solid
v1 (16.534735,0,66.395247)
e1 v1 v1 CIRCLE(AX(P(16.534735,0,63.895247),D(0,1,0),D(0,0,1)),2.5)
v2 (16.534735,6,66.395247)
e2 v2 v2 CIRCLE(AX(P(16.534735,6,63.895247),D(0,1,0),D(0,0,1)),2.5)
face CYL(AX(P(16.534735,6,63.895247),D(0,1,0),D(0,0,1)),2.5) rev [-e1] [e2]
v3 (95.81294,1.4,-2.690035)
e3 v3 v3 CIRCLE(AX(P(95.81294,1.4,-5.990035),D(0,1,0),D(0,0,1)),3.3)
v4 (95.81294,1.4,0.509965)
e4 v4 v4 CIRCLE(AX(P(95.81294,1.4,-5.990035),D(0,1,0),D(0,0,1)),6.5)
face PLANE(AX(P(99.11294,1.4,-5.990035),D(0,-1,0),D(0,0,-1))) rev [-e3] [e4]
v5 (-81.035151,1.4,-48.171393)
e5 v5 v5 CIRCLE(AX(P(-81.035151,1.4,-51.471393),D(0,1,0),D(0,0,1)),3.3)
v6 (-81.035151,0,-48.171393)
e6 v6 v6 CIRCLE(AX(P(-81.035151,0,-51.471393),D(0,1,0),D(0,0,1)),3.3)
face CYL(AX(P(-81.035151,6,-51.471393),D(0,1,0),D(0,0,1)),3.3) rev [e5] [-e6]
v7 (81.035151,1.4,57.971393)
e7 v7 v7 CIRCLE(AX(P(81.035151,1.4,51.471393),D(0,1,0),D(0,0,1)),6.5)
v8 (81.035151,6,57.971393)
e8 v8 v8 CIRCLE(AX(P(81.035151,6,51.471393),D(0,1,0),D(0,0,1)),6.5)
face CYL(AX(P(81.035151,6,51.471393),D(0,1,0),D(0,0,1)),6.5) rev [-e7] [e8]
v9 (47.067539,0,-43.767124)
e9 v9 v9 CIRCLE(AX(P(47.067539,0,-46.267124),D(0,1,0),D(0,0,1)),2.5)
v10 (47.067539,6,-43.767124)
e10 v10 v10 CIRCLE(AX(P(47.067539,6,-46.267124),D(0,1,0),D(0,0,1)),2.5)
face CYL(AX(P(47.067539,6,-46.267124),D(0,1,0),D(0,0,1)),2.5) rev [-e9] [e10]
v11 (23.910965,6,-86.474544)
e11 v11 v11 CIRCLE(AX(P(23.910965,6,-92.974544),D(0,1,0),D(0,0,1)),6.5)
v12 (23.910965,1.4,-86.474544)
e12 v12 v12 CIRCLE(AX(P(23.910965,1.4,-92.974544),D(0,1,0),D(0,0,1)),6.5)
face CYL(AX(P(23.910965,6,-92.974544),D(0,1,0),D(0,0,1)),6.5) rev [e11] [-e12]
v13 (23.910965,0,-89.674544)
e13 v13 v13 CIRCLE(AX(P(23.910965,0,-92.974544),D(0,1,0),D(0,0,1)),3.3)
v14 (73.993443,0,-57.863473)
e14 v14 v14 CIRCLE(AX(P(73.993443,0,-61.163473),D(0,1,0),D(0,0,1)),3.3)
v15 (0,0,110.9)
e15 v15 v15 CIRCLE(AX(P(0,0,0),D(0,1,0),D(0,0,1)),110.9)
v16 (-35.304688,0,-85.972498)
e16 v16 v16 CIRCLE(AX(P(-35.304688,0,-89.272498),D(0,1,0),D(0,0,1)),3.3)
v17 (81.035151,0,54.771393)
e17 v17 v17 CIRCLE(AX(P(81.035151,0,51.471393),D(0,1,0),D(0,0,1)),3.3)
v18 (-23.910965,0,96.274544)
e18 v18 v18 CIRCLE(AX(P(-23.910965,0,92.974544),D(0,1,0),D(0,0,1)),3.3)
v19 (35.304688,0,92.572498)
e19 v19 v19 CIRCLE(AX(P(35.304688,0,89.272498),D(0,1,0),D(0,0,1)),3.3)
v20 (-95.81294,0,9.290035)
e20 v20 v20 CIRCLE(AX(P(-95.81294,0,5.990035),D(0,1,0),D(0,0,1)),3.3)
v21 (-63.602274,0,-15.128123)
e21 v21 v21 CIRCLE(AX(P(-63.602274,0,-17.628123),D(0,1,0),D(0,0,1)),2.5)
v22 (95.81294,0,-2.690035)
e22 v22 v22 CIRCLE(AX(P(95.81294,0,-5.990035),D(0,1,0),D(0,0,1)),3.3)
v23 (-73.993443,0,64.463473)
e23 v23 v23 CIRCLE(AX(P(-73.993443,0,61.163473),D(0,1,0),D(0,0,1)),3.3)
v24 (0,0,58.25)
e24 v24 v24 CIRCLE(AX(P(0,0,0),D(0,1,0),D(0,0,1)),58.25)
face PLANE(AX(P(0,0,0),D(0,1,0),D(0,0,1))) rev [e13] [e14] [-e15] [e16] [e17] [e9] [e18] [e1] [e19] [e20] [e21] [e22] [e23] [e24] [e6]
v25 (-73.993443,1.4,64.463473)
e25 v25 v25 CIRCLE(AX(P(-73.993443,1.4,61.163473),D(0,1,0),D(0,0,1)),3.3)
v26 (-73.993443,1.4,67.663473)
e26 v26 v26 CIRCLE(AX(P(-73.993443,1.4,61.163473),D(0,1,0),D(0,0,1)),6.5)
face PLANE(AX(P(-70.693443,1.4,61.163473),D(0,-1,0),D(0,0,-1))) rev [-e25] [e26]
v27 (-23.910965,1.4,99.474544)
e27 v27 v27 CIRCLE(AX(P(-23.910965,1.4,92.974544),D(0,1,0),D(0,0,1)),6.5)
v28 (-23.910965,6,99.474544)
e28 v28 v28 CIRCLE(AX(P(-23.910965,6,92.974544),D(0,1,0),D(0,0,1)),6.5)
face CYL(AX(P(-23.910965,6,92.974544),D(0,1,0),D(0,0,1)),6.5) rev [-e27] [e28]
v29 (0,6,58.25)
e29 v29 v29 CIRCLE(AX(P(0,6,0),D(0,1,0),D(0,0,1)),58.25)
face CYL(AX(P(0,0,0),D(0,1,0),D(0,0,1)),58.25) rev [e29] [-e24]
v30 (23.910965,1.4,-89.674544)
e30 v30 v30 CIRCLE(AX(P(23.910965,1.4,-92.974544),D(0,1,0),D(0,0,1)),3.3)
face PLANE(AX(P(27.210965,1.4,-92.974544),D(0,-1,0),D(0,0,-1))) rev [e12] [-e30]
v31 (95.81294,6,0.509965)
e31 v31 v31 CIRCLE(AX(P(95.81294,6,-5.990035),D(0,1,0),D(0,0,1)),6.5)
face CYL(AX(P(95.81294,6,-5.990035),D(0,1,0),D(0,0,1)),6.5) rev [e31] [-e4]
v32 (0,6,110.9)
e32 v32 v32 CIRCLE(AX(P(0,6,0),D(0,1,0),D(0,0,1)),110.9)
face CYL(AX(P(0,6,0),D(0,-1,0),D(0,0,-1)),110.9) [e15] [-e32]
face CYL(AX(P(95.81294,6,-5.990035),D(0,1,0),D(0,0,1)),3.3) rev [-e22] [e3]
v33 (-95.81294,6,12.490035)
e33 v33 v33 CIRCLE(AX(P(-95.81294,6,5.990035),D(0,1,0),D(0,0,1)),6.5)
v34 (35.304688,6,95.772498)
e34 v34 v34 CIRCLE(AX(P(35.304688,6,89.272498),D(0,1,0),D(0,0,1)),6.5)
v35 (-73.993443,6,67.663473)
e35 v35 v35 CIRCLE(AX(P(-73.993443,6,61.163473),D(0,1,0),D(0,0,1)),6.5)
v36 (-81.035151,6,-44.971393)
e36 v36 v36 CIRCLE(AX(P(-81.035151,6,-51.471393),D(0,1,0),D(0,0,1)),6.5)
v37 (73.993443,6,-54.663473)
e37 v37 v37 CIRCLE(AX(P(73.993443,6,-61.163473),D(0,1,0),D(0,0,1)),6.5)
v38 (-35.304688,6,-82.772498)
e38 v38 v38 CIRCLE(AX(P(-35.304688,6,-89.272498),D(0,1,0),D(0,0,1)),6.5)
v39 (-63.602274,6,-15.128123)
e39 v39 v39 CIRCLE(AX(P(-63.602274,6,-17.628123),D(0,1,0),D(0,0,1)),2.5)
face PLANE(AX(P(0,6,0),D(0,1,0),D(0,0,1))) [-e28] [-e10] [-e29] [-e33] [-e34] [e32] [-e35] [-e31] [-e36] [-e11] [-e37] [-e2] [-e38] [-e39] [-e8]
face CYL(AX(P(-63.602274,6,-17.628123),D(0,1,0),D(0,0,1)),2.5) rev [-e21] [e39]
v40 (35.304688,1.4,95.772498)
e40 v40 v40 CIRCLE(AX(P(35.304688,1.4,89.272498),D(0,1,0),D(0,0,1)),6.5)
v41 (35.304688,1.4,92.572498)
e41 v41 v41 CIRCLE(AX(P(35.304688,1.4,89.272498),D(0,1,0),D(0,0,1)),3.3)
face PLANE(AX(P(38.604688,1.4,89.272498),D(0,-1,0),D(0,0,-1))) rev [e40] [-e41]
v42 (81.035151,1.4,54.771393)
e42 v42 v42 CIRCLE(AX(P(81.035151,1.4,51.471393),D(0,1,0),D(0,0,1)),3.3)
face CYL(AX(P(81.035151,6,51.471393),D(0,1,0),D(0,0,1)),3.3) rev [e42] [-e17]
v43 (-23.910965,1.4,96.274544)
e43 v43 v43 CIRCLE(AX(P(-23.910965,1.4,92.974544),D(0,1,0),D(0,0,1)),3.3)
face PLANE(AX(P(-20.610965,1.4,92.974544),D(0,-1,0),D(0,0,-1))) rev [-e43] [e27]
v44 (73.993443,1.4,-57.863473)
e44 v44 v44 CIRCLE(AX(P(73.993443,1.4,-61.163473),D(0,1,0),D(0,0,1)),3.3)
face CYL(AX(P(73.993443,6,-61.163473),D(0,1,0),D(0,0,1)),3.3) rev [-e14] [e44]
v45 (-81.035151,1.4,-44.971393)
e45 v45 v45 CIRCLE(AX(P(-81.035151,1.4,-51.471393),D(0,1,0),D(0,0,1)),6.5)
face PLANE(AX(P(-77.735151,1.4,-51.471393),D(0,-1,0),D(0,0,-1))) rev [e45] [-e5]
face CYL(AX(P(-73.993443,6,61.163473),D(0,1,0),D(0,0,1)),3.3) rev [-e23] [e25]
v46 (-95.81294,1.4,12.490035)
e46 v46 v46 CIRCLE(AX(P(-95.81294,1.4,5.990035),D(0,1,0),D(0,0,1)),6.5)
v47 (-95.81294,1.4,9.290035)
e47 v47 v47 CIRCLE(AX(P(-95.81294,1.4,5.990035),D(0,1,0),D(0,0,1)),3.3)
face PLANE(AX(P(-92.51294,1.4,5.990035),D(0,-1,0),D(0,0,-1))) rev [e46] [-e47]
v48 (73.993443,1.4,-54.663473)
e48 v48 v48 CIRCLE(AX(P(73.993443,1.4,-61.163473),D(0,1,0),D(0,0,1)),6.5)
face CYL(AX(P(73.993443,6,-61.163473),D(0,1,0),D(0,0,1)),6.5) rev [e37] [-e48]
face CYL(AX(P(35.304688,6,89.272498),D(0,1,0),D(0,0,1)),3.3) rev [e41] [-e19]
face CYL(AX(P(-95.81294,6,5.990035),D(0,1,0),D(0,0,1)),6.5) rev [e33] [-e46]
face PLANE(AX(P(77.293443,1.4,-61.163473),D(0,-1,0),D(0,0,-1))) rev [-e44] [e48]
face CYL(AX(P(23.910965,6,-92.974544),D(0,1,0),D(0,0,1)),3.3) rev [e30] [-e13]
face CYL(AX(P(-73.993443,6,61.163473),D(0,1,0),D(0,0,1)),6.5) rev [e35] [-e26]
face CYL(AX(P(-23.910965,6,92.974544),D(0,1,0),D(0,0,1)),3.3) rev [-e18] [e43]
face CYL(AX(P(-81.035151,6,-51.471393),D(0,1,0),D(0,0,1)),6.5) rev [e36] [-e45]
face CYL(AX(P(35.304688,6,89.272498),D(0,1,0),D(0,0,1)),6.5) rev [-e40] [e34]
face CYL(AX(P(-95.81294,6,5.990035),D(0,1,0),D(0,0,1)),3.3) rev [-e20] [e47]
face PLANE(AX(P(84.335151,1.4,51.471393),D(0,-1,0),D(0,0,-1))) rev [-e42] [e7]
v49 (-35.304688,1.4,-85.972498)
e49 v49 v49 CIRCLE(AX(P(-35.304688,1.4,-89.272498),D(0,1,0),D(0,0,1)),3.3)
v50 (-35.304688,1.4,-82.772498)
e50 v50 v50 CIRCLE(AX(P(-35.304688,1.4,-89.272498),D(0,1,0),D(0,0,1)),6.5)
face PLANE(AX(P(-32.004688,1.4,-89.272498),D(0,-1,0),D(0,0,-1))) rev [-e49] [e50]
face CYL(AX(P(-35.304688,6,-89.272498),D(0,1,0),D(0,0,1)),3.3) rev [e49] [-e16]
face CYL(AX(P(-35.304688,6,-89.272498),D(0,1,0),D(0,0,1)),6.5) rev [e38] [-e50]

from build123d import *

# Parameters (mm, degrees)
CROQUIS1_R                                           = 110.9
SALIENTE_EXTRUIR1_DEPTH                              = 6
CROQUIS2_R                                           = 58.25
CORTAR_EXTRUIR1_DEPTH                                = 6
REFRENTADO_PARA_TORNILLO_CON_CABEZA_TRON_D           = 6.6
REFRENTADO_PARA_TORNILLO_CON_CABEZA_TRON_CBORE_D     = 13
REFRENTADO_PARA_TORNILLO_CON_CABEZA_TRON_CBORE_DEPTH = 4.6
TALADRO_ROSCADO_M6X1_01_D                            = 5


with BuildPart() as part:
    # Croquis1 → Saliente-Extruir1 (new body)
    with BuildSketch(Plane(origin=(0, 0, 0), x_dir=(1, 0, 0), z_dir=(0, 1, 0))):
        with Locations(Location((0, 0, 0), (0, 0, 270))):
            Circle(CROQUIS1_R)
    extrude(amount=SALIENTE_EXTRUIR1_DEPTH)

    # Croquis2 → Cortar-Extruir1 (cut)
    with BuildSketch(Plane(origin=(0, 6, 0), x_dir=(1, 0, 0), z_dir=(0, 1, 0))):
        with Locations(Location((0, 0, 0), (0, 0, 270))):
            Circle(CROQUIS2_R)
    extrude(amount=-CORTAR_EXTRUIR1_DEPTH, mode=Mode.SUBTRACT)

    # Refrentado para tornillo con cabeza troncocónica de M61 (through all)
    with Locations(Plane(origin=(0, 6, 0), x_dir=(1, 0, 0), z_dir=(0, 1, 0))):
        with Locations((-35.304688321, 89.272498467), (23.910965201, 92.974543522), (73.993442721, 61.16347304), (95.812940065, 5.990034727), (81.035150867, -51.471393258), (35.304688321, -89.272498467), (-23.910965201, -92.974543522), (-73.993442721, -61.16347304), (-95.812940065, -5.990034727), (-81.035150867, 51.471393258), (0, 0)):
            CounterBoreHole(REFRENTADO_PARA_TORNILLO_CON_CABEZA_TRON_D / 2, REFRENTADO_PARA_TORNILLO_CON_CABEZA_TRON_CBORE_D / 2, REFRENTADO_PARA_TORNILLO_CON_CABEZA_TRON_CBORE_DEPTH)

    # Taladro roscado M6x1.01 (through all)
    with Locations(Plane(origin=(0, 6, 0), x_dir=(1, 0, 0), z_dir=(0, 1, 0))):
        with Locations((-63.602274198, 17.628122896), (47.067539348, 46.267123746), (16.53473485, -63.895246642), (0, 0)):
            Hole(TALADRO_ROSCADO_M6X1_01_D / 2)


solid = part.part
